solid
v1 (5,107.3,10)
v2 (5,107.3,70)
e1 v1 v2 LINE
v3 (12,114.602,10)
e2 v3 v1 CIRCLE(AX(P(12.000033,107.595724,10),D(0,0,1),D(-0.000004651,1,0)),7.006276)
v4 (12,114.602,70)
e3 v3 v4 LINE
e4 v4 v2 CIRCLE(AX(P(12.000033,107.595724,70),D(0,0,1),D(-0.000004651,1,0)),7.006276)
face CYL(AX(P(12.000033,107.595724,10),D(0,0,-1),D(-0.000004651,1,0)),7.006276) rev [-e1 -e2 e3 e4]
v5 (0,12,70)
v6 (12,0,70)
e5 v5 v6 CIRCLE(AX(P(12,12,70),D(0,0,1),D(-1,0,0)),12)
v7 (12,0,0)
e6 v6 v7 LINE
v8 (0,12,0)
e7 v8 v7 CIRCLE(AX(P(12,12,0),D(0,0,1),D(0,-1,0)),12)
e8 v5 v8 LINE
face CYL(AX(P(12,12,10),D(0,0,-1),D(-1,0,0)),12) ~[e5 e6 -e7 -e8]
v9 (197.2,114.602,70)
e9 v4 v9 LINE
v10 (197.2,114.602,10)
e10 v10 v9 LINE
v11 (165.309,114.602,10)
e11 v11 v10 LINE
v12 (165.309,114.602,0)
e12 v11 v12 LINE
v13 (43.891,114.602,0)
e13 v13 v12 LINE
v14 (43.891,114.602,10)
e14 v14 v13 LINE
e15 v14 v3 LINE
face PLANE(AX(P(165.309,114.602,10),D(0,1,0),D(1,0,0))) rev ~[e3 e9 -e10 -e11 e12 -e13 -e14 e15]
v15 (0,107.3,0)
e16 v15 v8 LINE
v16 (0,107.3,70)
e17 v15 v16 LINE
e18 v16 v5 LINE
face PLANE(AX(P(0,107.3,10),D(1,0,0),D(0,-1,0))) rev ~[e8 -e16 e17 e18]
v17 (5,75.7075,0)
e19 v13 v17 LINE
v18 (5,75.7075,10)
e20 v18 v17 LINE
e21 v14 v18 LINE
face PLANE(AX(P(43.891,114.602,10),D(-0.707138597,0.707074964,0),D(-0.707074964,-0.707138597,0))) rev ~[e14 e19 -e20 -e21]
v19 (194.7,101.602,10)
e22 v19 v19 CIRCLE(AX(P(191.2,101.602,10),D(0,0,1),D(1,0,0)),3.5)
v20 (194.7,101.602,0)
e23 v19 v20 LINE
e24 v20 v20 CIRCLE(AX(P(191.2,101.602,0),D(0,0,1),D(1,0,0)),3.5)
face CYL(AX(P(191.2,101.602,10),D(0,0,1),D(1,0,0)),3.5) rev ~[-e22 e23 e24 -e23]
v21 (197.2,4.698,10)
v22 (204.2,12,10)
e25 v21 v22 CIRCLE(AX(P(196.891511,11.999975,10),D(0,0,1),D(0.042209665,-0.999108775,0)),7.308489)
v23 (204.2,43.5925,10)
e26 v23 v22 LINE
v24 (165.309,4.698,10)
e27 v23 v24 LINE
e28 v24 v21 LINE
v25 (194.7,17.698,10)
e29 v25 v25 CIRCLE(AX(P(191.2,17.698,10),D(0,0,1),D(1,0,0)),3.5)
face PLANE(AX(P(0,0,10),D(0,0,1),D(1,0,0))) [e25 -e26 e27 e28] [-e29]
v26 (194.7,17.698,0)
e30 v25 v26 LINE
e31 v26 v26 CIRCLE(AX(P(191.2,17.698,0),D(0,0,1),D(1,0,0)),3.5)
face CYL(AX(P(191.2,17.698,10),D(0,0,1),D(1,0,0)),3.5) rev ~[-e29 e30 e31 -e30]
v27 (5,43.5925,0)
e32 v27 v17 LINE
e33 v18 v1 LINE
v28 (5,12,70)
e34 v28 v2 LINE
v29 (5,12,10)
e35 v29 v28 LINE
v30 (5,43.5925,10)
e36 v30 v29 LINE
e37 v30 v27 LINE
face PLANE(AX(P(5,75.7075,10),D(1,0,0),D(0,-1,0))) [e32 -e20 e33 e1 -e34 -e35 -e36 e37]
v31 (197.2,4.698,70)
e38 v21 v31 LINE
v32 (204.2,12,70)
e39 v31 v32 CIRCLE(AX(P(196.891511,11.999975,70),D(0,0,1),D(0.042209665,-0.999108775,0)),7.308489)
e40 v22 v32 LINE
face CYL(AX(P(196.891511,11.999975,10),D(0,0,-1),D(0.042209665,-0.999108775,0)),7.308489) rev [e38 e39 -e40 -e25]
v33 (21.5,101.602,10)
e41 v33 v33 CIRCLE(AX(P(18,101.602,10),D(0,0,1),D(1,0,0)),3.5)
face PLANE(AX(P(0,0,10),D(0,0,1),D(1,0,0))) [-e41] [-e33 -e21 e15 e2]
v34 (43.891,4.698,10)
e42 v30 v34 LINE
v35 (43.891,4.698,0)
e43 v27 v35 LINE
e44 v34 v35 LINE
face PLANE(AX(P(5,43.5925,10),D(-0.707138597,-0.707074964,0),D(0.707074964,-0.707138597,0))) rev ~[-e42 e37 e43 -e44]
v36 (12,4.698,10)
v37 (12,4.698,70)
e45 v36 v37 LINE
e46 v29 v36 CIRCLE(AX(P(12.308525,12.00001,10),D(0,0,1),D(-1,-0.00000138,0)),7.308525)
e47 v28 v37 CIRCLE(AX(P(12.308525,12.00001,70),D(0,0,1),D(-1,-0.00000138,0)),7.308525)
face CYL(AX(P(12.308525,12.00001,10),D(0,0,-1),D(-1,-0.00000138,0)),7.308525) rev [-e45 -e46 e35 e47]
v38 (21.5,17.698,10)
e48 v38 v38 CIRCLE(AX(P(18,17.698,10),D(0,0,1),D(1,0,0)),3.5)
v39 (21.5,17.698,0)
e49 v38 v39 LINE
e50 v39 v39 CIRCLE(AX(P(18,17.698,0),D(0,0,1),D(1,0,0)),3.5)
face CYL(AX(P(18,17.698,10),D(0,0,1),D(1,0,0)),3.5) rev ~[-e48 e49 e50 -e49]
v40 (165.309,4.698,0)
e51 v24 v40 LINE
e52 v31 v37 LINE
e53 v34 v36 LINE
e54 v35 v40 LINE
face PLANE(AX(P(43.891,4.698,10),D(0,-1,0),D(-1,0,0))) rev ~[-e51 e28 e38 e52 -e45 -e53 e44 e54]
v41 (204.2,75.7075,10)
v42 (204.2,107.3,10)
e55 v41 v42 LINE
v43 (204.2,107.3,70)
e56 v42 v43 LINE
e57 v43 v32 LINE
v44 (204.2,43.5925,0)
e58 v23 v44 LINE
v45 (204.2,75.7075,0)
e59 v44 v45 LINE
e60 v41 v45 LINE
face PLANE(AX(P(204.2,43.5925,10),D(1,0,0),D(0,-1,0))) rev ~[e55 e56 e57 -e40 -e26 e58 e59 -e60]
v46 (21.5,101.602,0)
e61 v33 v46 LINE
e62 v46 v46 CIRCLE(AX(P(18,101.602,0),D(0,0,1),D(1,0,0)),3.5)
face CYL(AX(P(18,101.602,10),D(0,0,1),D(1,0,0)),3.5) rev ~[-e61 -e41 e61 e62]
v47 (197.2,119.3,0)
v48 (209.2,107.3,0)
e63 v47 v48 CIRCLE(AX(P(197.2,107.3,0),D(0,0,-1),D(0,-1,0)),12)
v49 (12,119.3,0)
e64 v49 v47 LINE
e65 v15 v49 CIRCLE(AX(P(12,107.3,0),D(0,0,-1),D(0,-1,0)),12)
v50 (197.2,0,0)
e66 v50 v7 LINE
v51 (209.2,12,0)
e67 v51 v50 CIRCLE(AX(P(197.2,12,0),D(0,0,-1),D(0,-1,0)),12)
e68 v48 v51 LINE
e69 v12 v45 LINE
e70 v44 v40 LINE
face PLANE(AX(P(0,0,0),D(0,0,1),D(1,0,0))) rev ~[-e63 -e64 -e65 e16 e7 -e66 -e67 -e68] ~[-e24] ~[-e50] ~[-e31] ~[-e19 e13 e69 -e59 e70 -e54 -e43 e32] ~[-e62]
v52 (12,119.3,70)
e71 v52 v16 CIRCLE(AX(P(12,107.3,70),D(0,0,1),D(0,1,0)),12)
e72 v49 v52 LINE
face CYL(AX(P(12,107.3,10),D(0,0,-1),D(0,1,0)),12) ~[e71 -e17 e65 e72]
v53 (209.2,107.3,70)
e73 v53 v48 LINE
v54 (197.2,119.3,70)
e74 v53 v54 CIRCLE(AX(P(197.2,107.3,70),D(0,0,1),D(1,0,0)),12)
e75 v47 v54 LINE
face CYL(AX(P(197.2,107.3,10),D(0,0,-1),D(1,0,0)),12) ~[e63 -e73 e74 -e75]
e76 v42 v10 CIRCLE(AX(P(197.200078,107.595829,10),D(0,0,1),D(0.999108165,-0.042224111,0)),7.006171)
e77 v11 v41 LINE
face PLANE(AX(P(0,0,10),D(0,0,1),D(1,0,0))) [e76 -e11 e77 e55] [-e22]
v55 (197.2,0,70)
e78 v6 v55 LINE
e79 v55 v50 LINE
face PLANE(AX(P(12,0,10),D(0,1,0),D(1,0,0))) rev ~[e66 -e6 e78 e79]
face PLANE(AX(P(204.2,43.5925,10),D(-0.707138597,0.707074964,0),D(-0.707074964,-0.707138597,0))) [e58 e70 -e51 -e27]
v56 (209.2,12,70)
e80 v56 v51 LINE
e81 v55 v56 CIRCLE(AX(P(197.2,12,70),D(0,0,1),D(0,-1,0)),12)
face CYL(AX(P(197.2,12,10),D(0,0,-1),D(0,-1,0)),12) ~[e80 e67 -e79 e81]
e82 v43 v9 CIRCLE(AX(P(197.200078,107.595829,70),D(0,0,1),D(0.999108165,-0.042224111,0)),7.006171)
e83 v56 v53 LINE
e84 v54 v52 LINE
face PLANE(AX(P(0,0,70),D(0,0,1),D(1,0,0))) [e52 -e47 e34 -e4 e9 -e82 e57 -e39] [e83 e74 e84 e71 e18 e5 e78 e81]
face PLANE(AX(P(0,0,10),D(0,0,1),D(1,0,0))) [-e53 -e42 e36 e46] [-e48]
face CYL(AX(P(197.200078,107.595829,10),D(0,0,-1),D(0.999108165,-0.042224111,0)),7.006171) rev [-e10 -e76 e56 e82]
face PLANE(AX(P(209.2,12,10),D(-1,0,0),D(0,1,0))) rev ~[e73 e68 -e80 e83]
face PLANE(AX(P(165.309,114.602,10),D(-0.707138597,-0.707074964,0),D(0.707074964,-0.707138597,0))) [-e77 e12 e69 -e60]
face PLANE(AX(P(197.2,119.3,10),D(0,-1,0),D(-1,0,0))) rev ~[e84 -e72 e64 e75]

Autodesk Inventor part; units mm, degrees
ref_plane "YZ Plane" through (0, 0, 0) normal (1, 0, 0) x (0, 1, 0)
ref_plane "XZ Plane" through (0, 0, 0) normal (0, 1, 0) x (-1, 0, 0)
ref_plane "XY Plane" through (0, 0, 0) normal (0, 0, 1) x (1, 0, 0)
sketch "Sketch1" plane through (0, 0, 0) normal (0, 0, 1) x (1, 0, 0)
  line L0 (0, 0) -> (209.2, 0)
  line L1 (209.2, 0) -> (209.2, 119.3)
  line L2 (209.2, 119.3) -> (0, 119.3)
  line L3 (0, 119.3) -> (0, 0)
  dimension "d0" = 209.2
  dimension "d1" = 119.3
extrude "Extrusion1" add sketch "Sketch1" along normal blind 10
fillet "Fillet1" radius 12 4 edges at (209.2, 119.3, 5) (209.2, 0, 5) (0, 119.3, 5) (0, 0, 5)
sketch "Sketch3" plane through (0, 0, 10) normal (0, 0, 1) x (1, 0, 0)
  circle A0 centre (18, 101.602) radius 3.5
  line L0 (0, 107.3) -> (0, 12) projected
  line L1 (197.2, 119.3) -> (12, 119.3) projected
  line L2 (197.2, 119.3) -> (12, 119.3) construction
  line L3 (104.6, 119.3) -> (104.6, 0) construction
  line L4 (12, 0) -> (197.2, 0) construction
  circle A1 centre (191.2, 101.602) radius 3.5
  line L5 (0, 59.65) -> (209.2, 59.65) construction
  line L6 (209.2, 12) -> (209.2, 107.3) construction
  circle A2 centre (18, 17.698) radius 3.5
  circle A3 centre (191.2, 17.698) radius 3.5
  point P0 (0, 0)
  dimension "d16" = 7
  dimension "d17" = 18
  dimension "d18" = 17.698
extrude "Extrusion3" cut sketch "Sketch3" against normal through all
sketch "Sketch4" plane through (0, 0, 10) normal (0, 0, 1) x (1, 0, 0)
  circle A0 centre (18, 101.602) radius 3.5 construction
  line L0 (18, 101.602) -> (18, 119.3) construction
  line L1 (12, 119.3) -> (24, 119.3)
  arc A1 (12, 119.3) -> (0, 107.3) centre (12, 107.3) ccw projected
  line L2 (0, 107.3) -> (0, 95.3)
  line L3 (197.2, 119.3) -> (12, 119.3) construction
  line L4 (104.6, 119.3) -> (104.6, 0) construction
  line L5 (12, 0) -> (197.2, 0) construction
  line L6 (0, 107.3) -> (0, 12) construction
  line L7 (0, 59.65) -> (209.2, 59.65) construction
  line L8 (209.2, 12) -> (209.2, 107.3) construction
  line L9 (191.2, 101.602) -> (191.2, 119.3) construction
  line L10 (197.2, 119.3) -> (185.2, 119.3)
  arc A2 (209.2, 107.3) -> (197.2, 119.3) centre (197.2, 107.3) ccw
  line L11 (209.2, 107.3) -> (209.2, 95.3)
  line L12 (12, 0) -> (24, 0)
  arc A3 (0, 12) -> (12, 0) centre (12, 12) ccw
  line L13 (0, 12) -> (0, 24)
  line L14 (197.2, 0) -> (12, 0) construction
  line L15 (197.2, 0) -> (185.2, 0)
  line L16 (209.2, 12) -> (209.2, 24)
  arc A4 (197.2, 0) -> (209.2, 12) centre (197.2, 12) ccw
  line L17 (24, 0) -> (185.2, 0)
  line L18 (0, 95.3) -> (0, 24)
  line L19 (209.2, 93.9155) -> (209.2, 24)
  line L20 (209.2, 12) -> (209.2, 107.3) projected
  line L21 (197.2, 119.3) -> (12, 119.3) projected
  line L22 (24, 119.3) -> (197.2, 119.3)
  point P0 (0, 0)
  point P1 (104.6, 107.3)
  point P2 (12, 59.65)
  point P3 (18, 17.698)
  point P4 (191.2, 17.698)
  dimension "d21" = 12
  dimension "d22" = 12
extrude "Extrusion4" cut sketch "Sketch4" against normal blind 10 keep common part
sketch "Sketch5" plane through (0, 0, 10) normal (0, 0, 1) x (1, 0, 0)
  line L0 (43.891, 114.602) -> (165.309, 114.602)
  line L1 (43.891, 4.698) -> (165.309, 4.698)
  line L2 (12, 0) -> (197.2, 0) projected
  line L3 (104.6, 107.3) -> (104.6, 0) construction
  line L4 (43.891, 114.602) -> (5, 75.7075)
  line L5 (5, 43.5925) -> (5, 75.7075)
  line L6 (5, 43.5925) -> (43.891, 4.698)
  line L7 (165.309, 114.602) -> (204.2, 75.7075)
  line L8 (204.2, 43.5925) -> (204.2, 75.7075)
  line L9 (204.2, 43.5925) -> (165.309, 4.698)
  line L10 (0, 107.3) -> (0, 12) projected
  line L11 (0, 59.65) -> (209.2, 59.65) construction
  line L12 (209.2, 12) -> (209.2, 107.3) construction
  line L13 (197.2, 119.3) -> (12, 119.3) construction
  point P0 (0, 0)
  point P1 (104.6, 114.602)
  point P2 (5, 59.65)
  dimension "d25" = 4.698
  dimension "d27" = 121.418
  dimension "d37" = 5
  dimension "d38" = 32.115
  dimension "d39" = 4.698
extrude "Extrusion5" cut sketch "Sketch5" against normal through all
sketch "Sketch8" plane through (0, 0, 10) normal (0, 0, 1) x (1, 0, 0)
  line L0 (197.2, 119.3) -> (12, 119.3) projected
  line L1 (12, 119.3) -> (197.2, 119.3)
  line L2 (209.2, 12) -> (209.2, 107.3) projected
  line L3 (209.2, 107.3) -> (209.2, 12)
  line L4 (12, 0) -> (197.2, 0) projected
  line L5 (197.2, 0) -> (12, 0)
  line L6 (0, 107.3) -> (0, 12) projected
  line L7 (0, 107.3) -> (0, 12)
  arc A0 (12, 119.3) -> (0, 107.3) centre (12, 107.3) ccw projected
  arc A1 (209.2, 107.3) -> (197.2, 119.3) centre (197.2, 107.3) ccw projected
  arc A2 (197.2, 0) -> (209.2, 12) centre (197.2, 12) ccw projected
  arc A3 (0, 12) -> (12, 0) centre (12, 12) ccw projected
  line L8 (5, 75.7075) -> (5, 12)
  line L9 (5, 75.7075) -> (5, 107.3)
  line L10 (165.309, 4.698) -> (43.891, 4.698) projected
  line L11 (43.891, 4.698) -> (12, 4.698)
  line L12 (165.309, 4.698) -> (197.2, 4.698)
  line L13 (204.2, 43.5925) -> (204.2, 75.7075) projected
  line L14 (204.2, 75.7075) -> (204.2, 12)
  line L15 (204.2, 75.7075) -> (204.2, 107.3)
  line L16 (43.891, 114.602) -> (197.2, 114.602)
  line L17 (43.891, 114.602) -> (165.309, 114.602) projected
  line L18 (43.891, 114.602) -> (12, 114.602)
  arc A4 (5, 12) -> (12, 4.698) centre (12.3085, 12) ccw
  arc A5 (197.2, 4.698) -> (204.2, 12) centre (196.8915, 12) ccw
  arc A6 (204.2, 107.3) -> (197.2, 114.602) centre (197.2, 107.5958) ccw
  arc A7 (12, 114.602) -> (5, 107.3) centre (12, 107.5958) ccw
  point P0 (0, 0)
extrude "Extrusion7" add sketch "Sketch8" along normal blind 60
properties part number "THAD Back"
